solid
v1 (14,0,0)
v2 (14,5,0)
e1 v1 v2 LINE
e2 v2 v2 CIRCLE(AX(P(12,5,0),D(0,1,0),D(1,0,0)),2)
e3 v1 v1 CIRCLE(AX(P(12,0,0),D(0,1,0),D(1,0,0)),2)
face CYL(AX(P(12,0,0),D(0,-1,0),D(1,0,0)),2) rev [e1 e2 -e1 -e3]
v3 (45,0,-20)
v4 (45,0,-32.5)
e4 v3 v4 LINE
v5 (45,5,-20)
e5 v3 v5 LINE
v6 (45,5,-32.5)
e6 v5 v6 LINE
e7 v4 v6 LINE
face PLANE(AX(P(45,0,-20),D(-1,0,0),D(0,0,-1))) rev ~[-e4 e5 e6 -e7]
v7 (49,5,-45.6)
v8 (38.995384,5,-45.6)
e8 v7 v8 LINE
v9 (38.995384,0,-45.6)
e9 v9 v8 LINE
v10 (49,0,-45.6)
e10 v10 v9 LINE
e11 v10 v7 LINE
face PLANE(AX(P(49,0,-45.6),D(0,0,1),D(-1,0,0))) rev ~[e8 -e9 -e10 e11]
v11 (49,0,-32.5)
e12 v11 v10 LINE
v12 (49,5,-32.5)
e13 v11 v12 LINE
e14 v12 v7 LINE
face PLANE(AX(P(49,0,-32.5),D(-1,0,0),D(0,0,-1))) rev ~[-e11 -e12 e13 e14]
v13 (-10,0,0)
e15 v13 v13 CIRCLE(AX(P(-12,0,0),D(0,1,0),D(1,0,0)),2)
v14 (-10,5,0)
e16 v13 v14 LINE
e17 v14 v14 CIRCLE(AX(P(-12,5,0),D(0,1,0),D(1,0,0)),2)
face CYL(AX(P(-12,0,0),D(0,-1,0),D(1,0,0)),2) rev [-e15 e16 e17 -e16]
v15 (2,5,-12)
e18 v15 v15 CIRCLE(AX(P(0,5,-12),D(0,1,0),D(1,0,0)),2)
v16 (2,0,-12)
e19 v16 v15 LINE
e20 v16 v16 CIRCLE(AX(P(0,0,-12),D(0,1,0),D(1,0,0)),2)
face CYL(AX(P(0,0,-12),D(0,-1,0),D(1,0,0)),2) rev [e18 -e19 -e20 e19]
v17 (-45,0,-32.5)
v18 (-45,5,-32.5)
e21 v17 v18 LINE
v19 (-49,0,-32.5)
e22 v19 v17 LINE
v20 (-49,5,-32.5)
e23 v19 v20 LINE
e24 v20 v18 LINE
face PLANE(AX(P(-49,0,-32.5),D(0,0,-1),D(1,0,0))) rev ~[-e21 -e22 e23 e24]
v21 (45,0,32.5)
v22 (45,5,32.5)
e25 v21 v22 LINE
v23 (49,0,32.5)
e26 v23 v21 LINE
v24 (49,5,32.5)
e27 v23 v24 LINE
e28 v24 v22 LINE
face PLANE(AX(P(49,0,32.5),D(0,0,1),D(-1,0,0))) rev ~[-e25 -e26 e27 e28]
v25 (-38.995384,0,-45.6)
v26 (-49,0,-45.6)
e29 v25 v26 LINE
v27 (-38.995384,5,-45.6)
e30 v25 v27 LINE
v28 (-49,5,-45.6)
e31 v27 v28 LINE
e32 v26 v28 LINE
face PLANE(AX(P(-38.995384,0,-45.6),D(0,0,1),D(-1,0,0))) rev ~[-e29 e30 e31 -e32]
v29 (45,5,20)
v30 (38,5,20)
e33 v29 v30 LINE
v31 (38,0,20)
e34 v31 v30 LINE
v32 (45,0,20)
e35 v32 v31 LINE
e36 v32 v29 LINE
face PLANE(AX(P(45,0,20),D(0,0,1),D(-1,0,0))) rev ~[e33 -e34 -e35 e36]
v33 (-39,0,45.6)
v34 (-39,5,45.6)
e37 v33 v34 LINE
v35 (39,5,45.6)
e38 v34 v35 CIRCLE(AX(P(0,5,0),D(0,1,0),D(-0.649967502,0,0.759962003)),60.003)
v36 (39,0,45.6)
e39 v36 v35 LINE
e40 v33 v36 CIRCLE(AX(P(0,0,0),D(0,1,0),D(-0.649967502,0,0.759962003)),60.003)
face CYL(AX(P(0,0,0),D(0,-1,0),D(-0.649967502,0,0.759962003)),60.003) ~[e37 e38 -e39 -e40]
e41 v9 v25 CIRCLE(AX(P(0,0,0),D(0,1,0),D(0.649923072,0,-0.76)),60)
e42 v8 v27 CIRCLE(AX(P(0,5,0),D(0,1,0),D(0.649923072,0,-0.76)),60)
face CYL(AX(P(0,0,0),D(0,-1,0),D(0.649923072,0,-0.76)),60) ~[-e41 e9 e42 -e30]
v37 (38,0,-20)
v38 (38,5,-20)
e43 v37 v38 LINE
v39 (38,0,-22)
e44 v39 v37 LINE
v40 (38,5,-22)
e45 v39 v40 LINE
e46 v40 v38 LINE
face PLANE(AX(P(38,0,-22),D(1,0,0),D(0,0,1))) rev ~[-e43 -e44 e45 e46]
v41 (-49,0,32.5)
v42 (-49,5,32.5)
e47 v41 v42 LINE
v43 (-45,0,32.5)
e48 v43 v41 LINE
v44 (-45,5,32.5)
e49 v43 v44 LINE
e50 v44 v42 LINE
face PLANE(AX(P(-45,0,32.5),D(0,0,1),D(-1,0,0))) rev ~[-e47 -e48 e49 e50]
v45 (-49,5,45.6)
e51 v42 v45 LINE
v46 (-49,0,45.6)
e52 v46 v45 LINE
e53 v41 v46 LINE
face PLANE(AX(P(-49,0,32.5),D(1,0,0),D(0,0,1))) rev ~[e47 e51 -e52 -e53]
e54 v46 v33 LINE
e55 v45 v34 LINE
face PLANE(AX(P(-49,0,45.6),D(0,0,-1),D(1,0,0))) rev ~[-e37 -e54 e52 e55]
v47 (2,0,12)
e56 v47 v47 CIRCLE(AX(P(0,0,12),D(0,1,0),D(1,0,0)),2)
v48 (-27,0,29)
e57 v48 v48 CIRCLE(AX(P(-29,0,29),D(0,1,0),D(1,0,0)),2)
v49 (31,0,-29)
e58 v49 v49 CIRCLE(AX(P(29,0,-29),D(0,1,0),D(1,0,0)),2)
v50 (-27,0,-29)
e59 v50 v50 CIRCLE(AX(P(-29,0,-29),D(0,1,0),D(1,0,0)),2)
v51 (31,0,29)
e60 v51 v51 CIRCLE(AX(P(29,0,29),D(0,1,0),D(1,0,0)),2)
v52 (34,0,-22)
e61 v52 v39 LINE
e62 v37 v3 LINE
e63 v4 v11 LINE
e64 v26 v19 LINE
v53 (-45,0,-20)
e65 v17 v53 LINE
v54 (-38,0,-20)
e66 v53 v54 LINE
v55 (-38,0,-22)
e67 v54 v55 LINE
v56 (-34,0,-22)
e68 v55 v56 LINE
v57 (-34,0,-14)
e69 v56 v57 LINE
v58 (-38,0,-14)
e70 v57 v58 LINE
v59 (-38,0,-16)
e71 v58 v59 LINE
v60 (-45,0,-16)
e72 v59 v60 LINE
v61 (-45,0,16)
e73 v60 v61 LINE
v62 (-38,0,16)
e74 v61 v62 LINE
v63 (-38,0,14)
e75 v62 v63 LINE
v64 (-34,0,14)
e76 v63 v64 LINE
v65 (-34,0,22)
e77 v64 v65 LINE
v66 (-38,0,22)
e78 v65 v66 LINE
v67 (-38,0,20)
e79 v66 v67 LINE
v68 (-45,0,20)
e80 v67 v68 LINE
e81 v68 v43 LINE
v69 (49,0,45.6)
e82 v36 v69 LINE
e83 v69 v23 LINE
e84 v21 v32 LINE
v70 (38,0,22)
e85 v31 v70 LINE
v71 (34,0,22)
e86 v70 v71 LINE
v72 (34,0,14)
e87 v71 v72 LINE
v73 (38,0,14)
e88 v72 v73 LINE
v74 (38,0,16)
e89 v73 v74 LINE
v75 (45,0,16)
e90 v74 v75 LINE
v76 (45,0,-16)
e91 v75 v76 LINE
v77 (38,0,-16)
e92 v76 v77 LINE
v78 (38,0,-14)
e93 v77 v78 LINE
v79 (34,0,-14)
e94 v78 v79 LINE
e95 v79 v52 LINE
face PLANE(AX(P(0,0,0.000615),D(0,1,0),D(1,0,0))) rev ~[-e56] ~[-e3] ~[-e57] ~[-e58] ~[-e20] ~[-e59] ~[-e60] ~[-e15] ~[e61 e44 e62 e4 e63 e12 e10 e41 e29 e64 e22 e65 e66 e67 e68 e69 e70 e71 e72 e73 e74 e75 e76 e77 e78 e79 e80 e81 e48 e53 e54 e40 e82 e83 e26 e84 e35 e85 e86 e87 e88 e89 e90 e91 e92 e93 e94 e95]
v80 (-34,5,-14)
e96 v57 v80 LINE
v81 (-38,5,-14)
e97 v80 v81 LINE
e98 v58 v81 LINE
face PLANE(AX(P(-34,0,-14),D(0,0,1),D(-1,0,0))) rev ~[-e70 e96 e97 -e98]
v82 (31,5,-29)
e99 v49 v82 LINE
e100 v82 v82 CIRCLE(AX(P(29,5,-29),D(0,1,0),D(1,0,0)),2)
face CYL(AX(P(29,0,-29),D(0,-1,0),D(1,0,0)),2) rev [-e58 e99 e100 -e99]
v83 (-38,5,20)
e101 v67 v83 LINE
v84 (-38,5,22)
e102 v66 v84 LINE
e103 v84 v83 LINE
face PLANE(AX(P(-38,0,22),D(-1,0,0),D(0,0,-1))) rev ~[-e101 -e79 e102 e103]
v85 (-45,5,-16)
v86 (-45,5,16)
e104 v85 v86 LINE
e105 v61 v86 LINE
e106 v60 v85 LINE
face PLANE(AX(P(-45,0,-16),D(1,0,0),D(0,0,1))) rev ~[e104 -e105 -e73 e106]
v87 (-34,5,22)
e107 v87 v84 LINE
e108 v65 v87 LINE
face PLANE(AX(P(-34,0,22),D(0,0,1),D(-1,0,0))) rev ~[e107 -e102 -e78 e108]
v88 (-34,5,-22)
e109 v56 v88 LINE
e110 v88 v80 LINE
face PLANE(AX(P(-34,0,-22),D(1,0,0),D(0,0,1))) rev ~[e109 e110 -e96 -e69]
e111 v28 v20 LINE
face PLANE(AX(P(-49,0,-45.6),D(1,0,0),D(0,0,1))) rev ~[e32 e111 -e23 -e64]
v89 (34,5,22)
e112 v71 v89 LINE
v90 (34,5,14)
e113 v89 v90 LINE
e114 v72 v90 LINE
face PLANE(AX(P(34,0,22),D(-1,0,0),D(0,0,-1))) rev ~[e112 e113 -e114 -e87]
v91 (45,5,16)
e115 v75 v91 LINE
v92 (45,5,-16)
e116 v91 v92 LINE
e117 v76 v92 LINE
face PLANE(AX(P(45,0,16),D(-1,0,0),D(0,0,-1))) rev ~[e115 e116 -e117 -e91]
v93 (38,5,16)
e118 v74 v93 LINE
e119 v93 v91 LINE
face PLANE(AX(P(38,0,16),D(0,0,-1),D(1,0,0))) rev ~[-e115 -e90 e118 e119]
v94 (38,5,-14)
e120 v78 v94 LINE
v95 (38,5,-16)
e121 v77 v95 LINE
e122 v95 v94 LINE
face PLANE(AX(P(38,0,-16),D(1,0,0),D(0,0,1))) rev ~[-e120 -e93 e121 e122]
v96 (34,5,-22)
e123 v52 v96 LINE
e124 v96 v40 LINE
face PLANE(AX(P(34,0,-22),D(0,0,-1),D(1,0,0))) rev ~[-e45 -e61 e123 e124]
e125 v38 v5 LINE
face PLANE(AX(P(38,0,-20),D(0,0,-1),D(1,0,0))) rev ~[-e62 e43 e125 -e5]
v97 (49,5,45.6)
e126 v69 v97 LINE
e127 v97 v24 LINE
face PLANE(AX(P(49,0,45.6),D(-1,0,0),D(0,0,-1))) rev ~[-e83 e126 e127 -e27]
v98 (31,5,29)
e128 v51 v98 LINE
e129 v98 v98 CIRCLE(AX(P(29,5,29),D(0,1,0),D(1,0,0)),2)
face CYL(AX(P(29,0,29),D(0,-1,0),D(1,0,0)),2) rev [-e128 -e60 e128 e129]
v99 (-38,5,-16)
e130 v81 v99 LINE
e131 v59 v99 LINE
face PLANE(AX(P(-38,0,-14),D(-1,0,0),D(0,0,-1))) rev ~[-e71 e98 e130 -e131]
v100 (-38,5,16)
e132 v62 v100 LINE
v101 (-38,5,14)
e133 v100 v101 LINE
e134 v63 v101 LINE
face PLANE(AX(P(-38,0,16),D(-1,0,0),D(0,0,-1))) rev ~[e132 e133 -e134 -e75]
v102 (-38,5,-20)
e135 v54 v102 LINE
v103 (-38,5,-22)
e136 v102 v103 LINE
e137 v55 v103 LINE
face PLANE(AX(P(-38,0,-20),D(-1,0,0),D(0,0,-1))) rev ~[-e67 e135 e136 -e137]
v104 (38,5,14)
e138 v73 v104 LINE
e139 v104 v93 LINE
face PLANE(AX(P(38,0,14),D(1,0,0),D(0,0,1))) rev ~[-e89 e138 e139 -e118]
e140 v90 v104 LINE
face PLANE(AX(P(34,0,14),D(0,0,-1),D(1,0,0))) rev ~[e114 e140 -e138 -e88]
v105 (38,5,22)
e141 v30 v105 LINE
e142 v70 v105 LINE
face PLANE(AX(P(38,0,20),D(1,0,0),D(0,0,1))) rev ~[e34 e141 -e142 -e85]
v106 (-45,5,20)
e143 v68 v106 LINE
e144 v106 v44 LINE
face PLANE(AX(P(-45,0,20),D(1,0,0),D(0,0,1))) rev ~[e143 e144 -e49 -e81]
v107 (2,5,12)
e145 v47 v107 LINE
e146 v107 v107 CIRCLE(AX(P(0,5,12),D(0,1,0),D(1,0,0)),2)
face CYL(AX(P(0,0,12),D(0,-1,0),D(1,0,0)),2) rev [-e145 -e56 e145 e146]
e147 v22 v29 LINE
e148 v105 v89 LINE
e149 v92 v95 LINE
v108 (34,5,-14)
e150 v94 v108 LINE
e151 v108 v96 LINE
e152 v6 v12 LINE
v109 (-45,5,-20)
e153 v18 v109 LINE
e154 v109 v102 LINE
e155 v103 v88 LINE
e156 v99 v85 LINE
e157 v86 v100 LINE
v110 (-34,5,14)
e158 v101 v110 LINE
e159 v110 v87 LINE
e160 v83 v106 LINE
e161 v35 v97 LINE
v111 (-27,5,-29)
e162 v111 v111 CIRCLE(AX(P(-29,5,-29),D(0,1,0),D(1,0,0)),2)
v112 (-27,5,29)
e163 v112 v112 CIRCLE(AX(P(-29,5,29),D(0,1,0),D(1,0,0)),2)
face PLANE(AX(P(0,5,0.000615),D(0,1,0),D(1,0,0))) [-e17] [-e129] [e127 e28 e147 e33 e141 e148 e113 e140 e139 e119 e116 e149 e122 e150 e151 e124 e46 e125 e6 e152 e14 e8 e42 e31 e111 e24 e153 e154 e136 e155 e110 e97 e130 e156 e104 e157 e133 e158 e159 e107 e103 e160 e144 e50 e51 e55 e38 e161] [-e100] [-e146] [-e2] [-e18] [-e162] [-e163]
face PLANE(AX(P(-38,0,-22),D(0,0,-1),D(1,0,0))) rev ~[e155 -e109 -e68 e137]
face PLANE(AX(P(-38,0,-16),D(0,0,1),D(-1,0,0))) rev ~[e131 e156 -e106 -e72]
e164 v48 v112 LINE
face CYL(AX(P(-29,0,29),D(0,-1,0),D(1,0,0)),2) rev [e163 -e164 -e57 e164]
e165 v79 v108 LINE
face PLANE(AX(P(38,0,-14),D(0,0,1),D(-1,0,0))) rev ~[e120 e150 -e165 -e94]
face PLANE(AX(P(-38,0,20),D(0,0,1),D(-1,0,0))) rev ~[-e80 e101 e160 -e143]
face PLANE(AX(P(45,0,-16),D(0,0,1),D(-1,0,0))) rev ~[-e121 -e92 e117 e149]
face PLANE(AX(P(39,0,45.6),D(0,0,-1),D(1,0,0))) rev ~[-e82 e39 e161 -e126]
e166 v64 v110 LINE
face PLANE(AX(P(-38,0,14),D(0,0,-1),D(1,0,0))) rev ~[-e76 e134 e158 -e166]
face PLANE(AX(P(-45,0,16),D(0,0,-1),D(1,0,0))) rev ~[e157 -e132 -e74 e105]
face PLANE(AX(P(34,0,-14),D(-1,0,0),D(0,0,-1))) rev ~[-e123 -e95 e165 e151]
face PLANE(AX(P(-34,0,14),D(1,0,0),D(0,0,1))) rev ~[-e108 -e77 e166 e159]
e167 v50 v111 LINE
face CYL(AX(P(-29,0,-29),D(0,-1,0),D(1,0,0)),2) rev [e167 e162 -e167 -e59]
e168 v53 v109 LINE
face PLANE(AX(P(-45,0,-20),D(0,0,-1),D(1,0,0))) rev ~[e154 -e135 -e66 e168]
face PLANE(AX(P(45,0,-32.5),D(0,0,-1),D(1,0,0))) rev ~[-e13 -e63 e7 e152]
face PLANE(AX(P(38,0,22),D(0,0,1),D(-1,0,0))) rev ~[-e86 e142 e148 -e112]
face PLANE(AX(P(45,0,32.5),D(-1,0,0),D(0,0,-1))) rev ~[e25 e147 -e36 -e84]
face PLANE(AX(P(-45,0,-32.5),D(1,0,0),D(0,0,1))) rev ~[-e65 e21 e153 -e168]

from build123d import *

# Parameters (mm, degrees)
SKETCH1_R           = 2
BOSS_EXTRUDE1_DEPTH = 5


with BuildPart() as part:
    # Sketch1 → Boss-Extrude1 (new body)
    with BuildSketch(Plane(origin=(0, 0, 0), x_dir=(1, 0, 0), z_dir=(0, 1, 0))):
        with BuildLine():
            Line((-49, 45.6), (-49, 32.5))
            Line((-49, 32.5), (-45, 32.5))
            Line((-45, 32.5), (-45, 20))
            Line((-45, 20), (-38, 20))
            Line((-38, 20), (-38, 22))
            Line((-38, 22), (-34, 22))
            Line((-34, 22), (-34, 14))
            Line((-34, 14), (-38, 14))
            Line((-38, 14), (-38, 16))
            Line((-38, 16), (-45, 16))
            Line((-45, 16), (-45, -16))
            Line((-45, -16), (-38, -16))
            Line((-38, -16), (-38, -14))
            Line((-38, -14), (-34, -14))
            Line((-34, -14), (-34, -22))
            Line((-34, -22), (-38, -22))
            Line((-38, -22), (-38, -20))
            Line((-38, -20), (-45, -20))
            Line((-45, -20), (-45, -32.5))
            Line((-45, -32.5), (-49, -32.5))
            Line((-49, -32.5), (-49, -45.6))
            Line((-49, -45.6), (-39, -45.6))
            ThreePointArc((-39, -45.6), (0, -60.002999925), (39, -45.6))
            Line((39, -45.6), (49, -45.6))
            Line((49, -45.6), (49, -32.5))
            Line((49, -32.5), (45, -32.5))
            Line((45, -32.5), (45, -20))
            Line((45, -20), (38, -20))
            Line((38, -20), (38, -22))
            Line((38, -22), (34, -22))
            Line((34, -22), (34, -14))
            Line((34, -14), (38, -14))
            Line((38, -14), (38, -16))
            Line((38, -16), (45, -16))
            Line((45, -16), (45, 16))
            Line((45, 16), (38, 16))
            Line((38, 16), (38, 14))
            Line((38, 14), (34, 14))
            Line((34, 14), (34, 22))
            Line((34, 22), (38, 22))
            Line((38, 22), (38, 20))
            Line((38, 20), (45, 20))
            Line((45, 20), (45, 32.5))
            Line((45, 32.5), (49, 32.5))
            Line((49, 32.5), (49, 45.6))
            Line((49, 45.6), (38.995384342, 45.6))
            ThreePointArc((38.995384342, 45.6), (0, 60), (-38.995384342, 45.6))
            Line((-38.995384342, 45.6), (-49, 45.6))
        make_face()
        with Locations((-12, 0)):
            Circle(SKETCH1_R, mode=Mode.SUBTRACT)
        with Locations((0, 12)):
            Circle(SKETCH1_R, mode=Mode.SUBTRACT)
        with Locations((12, 0)):
            Circle(SKETCH1_R, mode=Mode.SUBTRACT)
        with Locations((0, -12)):
            Circle(SKETCH1_R, mode=Mode.SUBTRACT)
        with Locations((29, 29)):
            Circle(SKETCH1_R, mode=Mode.SUBTRACT)
        with Locations((29, -29)):
            Circle(SKETCH1_R, mode=Mode.SUBTRACT)
        with Locations((-29, -29)):
            Circle(SKETCH1_R, mode=Mode.SUBTRACT)
        with Locations((-29, 29)):
            Circle(SKETCH1_R, mode=Mode.SUBTRACT)
    extrude(amount=BOSS_EXTRUDE1_DEPTH)


solid = part.part
